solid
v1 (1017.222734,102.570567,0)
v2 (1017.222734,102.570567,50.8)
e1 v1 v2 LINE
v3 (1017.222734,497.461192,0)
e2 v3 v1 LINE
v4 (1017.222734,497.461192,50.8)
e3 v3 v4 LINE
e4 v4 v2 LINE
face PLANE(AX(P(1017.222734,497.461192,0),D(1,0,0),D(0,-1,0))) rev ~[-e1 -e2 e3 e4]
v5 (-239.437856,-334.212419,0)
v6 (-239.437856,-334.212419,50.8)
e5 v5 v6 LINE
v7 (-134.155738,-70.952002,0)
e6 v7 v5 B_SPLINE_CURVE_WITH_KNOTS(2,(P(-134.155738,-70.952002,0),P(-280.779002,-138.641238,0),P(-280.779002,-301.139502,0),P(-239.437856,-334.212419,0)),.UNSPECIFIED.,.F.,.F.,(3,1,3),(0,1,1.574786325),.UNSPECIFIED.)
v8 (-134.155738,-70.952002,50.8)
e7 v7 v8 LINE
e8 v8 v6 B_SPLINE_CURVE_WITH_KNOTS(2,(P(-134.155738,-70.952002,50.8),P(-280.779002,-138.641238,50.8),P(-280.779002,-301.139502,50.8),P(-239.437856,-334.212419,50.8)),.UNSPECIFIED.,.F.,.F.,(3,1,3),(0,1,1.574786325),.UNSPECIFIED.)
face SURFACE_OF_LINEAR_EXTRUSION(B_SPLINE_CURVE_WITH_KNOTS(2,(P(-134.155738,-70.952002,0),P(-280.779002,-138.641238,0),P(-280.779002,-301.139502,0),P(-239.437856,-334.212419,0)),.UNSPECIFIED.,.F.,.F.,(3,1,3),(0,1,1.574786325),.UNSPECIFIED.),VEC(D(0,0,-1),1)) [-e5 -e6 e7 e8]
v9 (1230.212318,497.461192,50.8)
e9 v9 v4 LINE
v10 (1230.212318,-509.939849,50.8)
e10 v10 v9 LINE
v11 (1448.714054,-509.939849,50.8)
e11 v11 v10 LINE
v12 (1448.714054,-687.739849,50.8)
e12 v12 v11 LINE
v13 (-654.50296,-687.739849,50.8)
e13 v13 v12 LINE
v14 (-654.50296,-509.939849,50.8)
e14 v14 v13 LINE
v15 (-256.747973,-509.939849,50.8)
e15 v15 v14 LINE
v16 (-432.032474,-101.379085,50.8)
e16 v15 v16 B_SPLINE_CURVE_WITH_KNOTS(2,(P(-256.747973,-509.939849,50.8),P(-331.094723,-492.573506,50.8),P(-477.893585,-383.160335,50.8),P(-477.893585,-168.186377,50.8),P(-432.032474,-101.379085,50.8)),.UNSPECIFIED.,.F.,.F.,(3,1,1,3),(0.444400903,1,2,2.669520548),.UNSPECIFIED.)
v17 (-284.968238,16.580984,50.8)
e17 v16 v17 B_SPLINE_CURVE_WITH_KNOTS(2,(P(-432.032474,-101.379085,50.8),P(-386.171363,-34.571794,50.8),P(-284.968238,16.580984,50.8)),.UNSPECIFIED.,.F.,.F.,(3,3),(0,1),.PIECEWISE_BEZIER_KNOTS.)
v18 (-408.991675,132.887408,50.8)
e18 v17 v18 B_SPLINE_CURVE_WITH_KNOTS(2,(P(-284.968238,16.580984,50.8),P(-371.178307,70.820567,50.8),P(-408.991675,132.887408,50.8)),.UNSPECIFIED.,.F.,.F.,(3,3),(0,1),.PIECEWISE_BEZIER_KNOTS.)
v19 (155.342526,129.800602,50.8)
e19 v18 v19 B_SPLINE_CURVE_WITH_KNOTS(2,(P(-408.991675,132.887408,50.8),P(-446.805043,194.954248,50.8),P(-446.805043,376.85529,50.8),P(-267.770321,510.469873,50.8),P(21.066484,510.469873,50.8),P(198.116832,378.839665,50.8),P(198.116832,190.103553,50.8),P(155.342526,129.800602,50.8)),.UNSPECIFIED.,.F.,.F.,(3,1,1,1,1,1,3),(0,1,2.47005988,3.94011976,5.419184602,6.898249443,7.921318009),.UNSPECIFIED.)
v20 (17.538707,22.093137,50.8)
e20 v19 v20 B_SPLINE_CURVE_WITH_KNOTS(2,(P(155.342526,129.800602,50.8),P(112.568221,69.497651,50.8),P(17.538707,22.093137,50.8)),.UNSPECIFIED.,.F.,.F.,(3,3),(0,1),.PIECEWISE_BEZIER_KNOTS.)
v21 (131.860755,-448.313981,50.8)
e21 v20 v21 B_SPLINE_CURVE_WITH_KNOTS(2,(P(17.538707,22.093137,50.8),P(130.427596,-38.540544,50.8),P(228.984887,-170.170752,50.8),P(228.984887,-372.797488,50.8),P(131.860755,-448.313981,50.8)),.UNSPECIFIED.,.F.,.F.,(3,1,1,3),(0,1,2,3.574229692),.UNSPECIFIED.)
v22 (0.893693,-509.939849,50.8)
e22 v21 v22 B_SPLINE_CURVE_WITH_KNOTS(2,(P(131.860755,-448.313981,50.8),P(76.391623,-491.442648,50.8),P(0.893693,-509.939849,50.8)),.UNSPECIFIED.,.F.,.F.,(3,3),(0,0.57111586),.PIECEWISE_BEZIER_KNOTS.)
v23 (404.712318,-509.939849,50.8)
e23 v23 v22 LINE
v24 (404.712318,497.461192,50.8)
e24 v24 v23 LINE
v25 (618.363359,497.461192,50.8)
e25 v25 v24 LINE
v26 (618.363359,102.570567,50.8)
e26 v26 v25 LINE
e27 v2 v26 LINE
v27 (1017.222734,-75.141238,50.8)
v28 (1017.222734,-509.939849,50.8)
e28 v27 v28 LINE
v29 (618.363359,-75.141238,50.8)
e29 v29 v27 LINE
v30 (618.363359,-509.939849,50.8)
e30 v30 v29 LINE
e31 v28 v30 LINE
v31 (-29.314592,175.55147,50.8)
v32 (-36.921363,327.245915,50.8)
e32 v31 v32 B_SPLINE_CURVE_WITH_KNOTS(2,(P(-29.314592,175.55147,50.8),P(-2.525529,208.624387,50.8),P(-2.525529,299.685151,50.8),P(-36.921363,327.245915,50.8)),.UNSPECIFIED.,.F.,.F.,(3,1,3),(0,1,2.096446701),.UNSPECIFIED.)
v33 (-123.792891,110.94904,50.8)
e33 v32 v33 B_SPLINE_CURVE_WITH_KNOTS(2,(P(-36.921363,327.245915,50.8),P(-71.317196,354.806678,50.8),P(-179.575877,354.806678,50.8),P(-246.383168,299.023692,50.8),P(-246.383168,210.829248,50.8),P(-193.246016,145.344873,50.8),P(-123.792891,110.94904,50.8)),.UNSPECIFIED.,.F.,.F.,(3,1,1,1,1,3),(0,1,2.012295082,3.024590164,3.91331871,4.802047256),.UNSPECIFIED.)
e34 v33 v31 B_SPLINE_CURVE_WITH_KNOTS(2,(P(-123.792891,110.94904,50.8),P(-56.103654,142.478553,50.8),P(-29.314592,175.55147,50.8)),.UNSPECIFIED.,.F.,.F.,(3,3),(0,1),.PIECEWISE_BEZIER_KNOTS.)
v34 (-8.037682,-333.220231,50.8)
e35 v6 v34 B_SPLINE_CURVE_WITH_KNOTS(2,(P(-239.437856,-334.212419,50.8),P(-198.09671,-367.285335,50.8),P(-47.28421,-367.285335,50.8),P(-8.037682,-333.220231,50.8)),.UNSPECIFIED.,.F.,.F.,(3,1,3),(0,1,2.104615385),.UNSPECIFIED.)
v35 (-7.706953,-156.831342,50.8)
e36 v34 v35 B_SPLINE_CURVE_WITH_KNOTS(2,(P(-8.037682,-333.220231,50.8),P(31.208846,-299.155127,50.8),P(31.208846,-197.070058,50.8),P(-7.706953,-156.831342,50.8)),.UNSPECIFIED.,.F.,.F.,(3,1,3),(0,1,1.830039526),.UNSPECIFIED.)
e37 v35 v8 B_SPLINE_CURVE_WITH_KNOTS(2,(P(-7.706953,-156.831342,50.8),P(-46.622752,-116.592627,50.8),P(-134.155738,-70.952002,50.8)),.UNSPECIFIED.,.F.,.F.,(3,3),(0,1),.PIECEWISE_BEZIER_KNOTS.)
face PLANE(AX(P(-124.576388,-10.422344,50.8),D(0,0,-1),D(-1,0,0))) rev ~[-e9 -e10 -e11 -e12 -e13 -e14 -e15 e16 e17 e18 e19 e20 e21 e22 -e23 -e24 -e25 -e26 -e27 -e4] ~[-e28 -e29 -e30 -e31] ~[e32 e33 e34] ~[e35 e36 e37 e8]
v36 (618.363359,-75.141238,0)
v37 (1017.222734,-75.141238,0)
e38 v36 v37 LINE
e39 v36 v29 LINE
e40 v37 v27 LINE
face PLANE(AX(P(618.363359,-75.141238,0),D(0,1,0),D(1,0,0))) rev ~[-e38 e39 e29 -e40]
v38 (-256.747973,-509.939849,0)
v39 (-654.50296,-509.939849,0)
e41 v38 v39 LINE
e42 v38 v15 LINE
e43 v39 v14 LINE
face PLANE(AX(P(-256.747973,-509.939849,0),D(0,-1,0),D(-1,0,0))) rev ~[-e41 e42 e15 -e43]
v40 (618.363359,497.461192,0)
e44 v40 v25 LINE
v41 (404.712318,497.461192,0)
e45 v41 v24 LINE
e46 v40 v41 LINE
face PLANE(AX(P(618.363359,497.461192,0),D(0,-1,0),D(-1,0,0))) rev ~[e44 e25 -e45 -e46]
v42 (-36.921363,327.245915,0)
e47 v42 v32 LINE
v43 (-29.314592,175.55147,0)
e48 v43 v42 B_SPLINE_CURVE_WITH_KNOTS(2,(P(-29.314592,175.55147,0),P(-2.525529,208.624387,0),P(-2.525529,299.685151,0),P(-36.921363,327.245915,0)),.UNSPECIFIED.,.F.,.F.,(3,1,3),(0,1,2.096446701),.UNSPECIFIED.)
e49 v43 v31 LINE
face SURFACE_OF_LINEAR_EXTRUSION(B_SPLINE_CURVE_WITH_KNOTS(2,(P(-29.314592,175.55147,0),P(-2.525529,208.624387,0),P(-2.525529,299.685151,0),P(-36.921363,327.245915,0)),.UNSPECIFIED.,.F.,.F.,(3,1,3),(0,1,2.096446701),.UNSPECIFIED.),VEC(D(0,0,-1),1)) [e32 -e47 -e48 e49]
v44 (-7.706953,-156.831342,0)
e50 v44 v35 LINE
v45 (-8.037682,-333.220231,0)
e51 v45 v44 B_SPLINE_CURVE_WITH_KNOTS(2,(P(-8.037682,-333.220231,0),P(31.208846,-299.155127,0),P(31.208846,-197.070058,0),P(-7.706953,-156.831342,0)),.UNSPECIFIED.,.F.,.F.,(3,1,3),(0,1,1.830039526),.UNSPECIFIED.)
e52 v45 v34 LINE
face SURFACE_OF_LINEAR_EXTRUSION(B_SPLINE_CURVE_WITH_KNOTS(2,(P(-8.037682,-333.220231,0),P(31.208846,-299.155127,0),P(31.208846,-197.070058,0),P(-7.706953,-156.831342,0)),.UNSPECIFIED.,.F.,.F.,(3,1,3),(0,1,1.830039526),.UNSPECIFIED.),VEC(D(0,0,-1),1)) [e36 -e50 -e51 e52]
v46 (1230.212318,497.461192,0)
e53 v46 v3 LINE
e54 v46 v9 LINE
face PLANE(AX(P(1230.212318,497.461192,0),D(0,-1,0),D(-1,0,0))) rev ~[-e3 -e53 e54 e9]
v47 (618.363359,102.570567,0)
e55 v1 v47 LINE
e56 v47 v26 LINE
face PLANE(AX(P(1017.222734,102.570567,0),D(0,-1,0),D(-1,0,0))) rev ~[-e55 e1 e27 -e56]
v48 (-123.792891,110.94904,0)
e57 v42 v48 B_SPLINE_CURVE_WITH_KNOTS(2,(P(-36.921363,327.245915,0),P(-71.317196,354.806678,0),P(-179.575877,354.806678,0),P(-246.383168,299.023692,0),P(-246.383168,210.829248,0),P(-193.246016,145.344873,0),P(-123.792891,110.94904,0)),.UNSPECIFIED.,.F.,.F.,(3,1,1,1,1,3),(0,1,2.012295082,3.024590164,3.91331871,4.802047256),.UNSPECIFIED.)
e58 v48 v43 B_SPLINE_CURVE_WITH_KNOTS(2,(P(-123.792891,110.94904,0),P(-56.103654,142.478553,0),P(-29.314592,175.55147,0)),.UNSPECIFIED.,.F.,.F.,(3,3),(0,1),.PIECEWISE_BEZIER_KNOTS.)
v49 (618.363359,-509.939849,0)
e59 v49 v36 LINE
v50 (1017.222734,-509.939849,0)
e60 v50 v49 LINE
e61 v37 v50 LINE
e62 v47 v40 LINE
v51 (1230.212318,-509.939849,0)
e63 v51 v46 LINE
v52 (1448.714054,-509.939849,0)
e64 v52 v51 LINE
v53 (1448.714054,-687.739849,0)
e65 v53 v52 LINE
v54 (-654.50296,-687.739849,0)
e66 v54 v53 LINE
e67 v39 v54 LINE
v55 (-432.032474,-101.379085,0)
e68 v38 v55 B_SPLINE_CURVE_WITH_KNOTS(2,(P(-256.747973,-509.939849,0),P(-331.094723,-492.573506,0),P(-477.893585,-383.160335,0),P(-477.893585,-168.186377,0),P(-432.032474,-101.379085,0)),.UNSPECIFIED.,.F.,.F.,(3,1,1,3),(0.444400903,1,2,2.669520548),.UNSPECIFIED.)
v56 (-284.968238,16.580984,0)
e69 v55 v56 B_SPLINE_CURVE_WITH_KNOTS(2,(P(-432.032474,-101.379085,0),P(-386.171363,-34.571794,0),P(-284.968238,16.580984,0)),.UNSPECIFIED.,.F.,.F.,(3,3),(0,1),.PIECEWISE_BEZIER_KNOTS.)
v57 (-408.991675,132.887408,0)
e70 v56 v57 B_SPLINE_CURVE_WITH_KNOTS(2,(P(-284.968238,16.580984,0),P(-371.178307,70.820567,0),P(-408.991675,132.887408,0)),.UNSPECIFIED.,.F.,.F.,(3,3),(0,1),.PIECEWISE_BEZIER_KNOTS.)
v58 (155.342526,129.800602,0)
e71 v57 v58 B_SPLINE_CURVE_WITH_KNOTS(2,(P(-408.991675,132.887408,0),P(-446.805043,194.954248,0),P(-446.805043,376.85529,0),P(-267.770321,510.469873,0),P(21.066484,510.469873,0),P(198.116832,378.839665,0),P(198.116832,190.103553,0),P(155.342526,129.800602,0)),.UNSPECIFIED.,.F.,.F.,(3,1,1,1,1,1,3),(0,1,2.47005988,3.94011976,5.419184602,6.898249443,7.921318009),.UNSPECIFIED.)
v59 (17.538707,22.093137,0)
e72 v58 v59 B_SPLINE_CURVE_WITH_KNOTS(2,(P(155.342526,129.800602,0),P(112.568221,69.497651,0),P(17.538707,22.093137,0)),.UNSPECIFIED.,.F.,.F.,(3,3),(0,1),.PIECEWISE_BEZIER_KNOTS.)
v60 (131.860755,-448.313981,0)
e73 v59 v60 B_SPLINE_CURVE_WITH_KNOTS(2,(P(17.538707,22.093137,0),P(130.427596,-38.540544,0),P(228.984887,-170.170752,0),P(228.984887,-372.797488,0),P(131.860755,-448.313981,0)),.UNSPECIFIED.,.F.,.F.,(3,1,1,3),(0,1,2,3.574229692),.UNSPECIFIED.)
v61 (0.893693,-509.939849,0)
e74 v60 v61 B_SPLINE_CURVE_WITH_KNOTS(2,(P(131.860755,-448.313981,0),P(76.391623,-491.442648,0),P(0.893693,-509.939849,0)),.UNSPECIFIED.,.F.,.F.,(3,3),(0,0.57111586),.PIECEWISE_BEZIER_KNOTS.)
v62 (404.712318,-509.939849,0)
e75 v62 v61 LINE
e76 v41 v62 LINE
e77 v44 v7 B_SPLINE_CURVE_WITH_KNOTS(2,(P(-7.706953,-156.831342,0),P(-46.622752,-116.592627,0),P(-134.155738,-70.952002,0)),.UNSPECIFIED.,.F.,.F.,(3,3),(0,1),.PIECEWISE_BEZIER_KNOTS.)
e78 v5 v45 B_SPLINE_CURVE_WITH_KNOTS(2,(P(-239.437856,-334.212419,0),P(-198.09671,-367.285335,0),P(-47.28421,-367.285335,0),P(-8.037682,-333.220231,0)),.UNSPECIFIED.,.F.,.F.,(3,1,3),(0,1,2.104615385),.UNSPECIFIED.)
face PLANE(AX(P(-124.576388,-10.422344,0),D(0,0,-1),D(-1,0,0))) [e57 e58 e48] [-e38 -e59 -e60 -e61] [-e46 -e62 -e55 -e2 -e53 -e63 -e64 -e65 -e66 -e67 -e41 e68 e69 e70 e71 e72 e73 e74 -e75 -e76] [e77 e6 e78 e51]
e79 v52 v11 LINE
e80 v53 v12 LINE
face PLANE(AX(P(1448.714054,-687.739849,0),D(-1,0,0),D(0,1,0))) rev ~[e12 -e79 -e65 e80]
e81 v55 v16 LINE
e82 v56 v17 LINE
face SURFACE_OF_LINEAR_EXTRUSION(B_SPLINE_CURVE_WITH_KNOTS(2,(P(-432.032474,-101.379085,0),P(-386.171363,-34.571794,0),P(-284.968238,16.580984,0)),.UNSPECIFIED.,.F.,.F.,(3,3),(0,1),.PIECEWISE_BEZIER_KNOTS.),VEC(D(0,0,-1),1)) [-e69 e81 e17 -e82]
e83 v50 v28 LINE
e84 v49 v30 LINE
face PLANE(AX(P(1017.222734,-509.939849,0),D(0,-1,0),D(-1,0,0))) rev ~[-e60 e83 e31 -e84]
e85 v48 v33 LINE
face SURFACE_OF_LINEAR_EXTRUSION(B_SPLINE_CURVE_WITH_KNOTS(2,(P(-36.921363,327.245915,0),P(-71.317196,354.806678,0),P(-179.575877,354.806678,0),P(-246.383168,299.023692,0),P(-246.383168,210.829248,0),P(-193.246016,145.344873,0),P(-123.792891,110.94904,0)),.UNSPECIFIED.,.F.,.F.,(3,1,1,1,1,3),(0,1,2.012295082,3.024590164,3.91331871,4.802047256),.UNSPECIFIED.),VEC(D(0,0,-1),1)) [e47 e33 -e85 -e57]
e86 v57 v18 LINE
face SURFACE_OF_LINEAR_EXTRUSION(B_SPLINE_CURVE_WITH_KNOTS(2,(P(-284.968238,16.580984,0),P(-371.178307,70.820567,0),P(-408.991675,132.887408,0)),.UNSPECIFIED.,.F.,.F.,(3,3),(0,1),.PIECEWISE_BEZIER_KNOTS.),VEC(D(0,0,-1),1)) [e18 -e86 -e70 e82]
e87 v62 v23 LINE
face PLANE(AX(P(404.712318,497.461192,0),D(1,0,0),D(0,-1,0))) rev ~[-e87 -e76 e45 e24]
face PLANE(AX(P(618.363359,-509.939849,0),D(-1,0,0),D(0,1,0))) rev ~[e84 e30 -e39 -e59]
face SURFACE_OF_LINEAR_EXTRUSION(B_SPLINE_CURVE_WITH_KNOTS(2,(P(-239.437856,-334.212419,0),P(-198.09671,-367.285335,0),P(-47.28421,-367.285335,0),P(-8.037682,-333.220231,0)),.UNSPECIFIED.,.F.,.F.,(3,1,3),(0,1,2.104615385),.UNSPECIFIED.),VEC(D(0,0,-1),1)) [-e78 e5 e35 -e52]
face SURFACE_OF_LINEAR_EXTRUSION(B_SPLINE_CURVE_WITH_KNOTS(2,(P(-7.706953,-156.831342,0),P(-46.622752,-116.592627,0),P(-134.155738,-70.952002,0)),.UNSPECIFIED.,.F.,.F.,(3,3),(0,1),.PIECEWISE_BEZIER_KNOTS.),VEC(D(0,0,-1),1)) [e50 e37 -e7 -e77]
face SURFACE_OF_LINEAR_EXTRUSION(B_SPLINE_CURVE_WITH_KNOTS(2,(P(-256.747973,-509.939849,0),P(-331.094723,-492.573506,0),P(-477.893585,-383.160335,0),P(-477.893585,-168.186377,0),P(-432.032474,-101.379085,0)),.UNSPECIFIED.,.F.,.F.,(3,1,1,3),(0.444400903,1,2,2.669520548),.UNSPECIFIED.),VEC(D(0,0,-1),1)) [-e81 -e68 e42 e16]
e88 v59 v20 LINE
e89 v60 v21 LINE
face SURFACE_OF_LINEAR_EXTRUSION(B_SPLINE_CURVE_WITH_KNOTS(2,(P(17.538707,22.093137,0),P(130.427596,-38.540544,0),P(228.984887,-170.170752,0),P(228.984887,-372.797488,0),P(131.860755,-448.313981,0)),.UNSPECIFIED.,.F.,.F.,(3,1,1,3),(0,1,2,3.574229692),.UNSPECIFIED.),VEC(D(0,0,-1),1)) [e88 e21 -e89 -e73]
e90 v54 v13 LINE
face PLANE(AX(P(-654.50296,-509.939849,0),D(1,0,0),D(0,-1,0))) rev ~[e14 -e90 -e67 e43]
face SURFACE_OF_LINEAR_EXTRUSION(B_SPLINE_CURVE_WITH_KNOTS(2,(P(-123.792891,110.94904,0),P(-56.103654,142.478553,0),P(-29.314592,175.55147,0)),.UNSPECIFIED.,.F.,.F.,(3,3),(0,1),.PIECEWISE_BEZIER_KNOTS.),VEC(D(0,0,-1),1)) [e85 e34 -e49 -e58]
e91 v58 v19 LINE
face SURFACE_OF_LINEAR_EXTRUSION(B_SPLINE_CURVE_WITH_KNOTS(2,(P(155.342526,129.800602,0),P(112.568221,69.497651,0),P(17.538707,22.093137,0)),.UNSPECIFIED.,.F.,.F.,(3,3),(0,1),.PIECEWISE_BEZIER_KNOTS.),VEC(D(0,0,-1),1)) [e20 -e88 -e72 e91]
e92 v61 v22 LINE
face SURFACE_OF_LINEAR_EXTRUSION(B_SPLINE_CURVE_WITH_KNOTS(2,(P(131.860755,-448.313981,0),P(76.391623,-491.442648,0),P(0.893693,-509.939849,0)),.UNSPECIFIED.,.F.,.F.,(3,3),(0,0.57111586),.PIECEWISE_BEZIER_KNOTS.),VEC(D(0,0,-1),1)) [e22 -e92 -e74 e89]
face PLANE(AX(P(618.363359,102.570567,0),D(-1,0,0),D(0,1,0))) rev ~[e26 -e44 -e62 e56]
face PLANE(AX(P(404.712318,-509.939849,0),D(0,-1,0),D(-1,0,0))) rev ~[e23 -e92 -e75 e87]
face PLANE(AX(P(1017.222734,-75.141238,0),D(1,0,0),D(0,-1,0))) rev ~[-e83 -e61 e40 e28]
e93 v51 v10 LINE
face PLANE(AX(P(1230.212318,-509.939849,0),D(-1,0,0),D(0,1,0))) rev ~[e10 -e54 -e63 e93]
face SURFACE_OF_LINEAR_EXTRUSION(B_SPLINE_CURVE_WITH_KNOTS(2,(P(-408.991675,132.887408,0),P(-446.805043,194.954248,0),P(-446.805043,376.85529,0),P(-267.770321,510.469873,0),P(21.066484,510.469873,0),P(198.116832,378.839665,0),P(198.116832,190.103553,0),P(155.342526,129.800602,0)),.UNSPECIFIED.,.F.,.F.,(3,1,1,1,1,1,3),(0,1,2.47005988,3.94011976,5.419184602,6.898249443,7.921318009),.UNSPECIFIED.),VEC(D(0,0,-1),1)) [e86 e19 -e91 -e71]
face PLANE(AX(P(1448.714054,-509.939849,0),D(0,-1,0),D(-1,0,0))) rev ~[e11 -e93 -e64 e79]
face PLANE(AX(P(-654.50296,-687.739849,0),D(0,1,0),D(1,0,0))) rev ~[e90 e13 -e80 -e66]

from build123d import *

# Parameters (mm, degrees)
F1_DEPTH = 50.8


with BuildPart() as f1:
    # F0 (on Top) → F1 (new body)
    with BuildSketch(Plane.XY):
        with BuildLine():
            add(Edge.make_bspline(
                [(-256.7479731839, -509.9398493767), (-331.0947230301, -492.5735059696), (-383.5255294376, -453.4954049322)],
                knots=[0.4444009035, 0.4444009035, 0.4444009035, 1, 1, 1], degree=2))
            Line((-256.7479731839, -509.9398493767), (0.8936934563, -509.9398493767))
            add(Edge.make_bspline(
                [(131.8607552846, -448.3139813211), (76.3916231759, -491.4426481707), (0.8936934563, -509.9398493767)],
                knots=[0, 0, 0, 0.5711158597, 0.5711158597, 0.5711158597], degree=2))
            add(Edge.make_bspline(
                [(228.9848872291, -248.8842938211), (228.9848872291, -372.7974882656), (131.8607552846, -448.3139813211)],
                knots=[0, 0, 0, 1, 1, 1], degree=2))
            add(Edge.make_bspline(
                [(179.7062413957, -104.3556479878), (228.9848872291, -170.1707521545), (228.9848872291, -248.8842938211)],
                knots=[0, 0, 0, 1, 1, 1], degree=2))
            add(Edge.make_bspline(
                [(17.5387066735, 22.0931367344), (130.4275955624, -38.5405438211), (179.7062413957, -104.3556479878)],
                knots=[0, 0, 0, 1, 1, 1], degree=2))
            add(Edge.make_bspline(
                [(155.342526118, 129.8006020122), (112.5682205624, 69.4976506233), (17.5387066735, 22.0931367344)],
                knots=[0, 0, 0, 1, 1, 1], degree=2))
            add(Edge.make_bspline(
                [(198.1168316735, 267.27369229), (198.1168316735, 190.1035534011), (155.342526118, 129.8006020122)],
                knots=[0, 0, 0, 1, 1, 1], degree=2))
            add(Edge.make_bspline(
                [(109.5916580624, 444.6547686789), (198.1168316735, 378.8396645122), (198.1168316735, 267.27369229)],
                knots=[0, 0, 0, 1, 1, 1], degree=2))
            add(Edge.make_bspline(
                [(-123.7928905487, 510.4698728455), (21.0664844513, 510.4698728455), (109.5916580624, 444.6547686789)],
                knots=[0, 0, 0, 1, 1, 1], degree=2))
            add(Edge.make_bspline(
                [(-357.2876822154, 443.6625811789), (-267.7703211043, 510.4698728455), (-123.7928905487, 510.4698728455)],
                knots=[0, 0, 0, 1, 1, 1], degree=2))
            add(Edge.make_bspline(
                [(-446.8050433265, 268.5966089567), (-446.8050433265, 376.8552895122), (-357.2876822154, 443.6625811789)],
                knots=[0, 0, 0, 1, 1, 1], degree=2))
            add(Edge.make_bspline(
                [(-408.9916752709, 132.8874075678), (-446.8050433265, 194.9542478455), (-446.8050433265, 268.5966089567)],
                knots=[0, 0, 0, 1, 1, 1], degree=2))
            add(Edge.make_bspline(
                [(-284.9682377709, 16.5809839567), (-371.1783072154, 70.82056729), (-408.9916752709, 132.8874075678)],
                knots=[0, 0, 0, 1, 1, 1], degree=2))
            add(Edge.make_bspline(
                [(-432.032473882, -101.3790854878), (-386.1713627709, -34.5717938211), (-284.9682377709, 16.5809839567)],
                knots=[0, 0, 0, 1, 1, 1], degree=2))
            add(Edge.make_bspline(
                [(-477.8935849932, -254.3964465989), (-477.8935849932, -168.1863771545), (-432.032473882, -101.3790854878)],
                knots=[0, 0, 0, 1, 1, 1], degree=2))
            add(Edge.make_bspline(
                [(-383.5255294376, -453.4954049322), (-477.8935849932, -383.1603354878), (-477.8935849932, -254.3964465989)],
                knots=[0, 0, 0, 1, 1, 1], degree=2))
        make_face()
        with BuildLine():
            add(Edge.make_bspline(
                [(-280.7790016598, -241.8287382656), (-280.7790016598, -301.1395021545), (-239.4378558265, -334.2124188211)],
                knots=[0, 0, 0, 1, 1, 1], degree=2))
            add(Edge.make_bspline(
                [(-134.1557377709, -70.9520021545), (-280.7790016598, -138.6412382656), (-280.7790016598, -241.8287382656)],
                knots=[0, 0, 0, 1, 1, 1], degree=2))
            add(Edge.make_bspline(
                [(-7.7069530487, -156.8313424322), (-46.6227516598, -116.5926271545), (-134.1557377709, -70.9520021545)],
                knots=[0, 0, 0, 1, 1, 1], degree=2))
            add(Edge.make_bspline(
                [(31.2088455624, -243.3721410433), (31.2088455624, -197.07005771), (-7.7069530487, -156.8313424322)],
                knots=[0, 0, 0, 1, 1, 1], degree=2))
            add(Edge.make_bspline(
                [(-8.0376822154, -333.2202313211), (31.2088455624, -299.1551271545), (31.2088455624, -243.3721410433)],
                knots=[0, 0, 0, 1, 1, 1], degree=2))
            add(Edge.make_bspline(
                [(-126.438723882, -367.2853354878), (-47.2842099932, -367.2853354878), (-8.0376822154, -333.2202313211)],
                knots=[0, 0, 0, 1, 1, 1], degree=2))
            add(Edge.make_bspline(
                [(-239.4378558265, -334.2124188211), (-198.0967099932, -367.2853354878), (-126.438723882, -367.2853354878)],
                knots=[0, 0, 0, 1, 1, 1], degree=2))
        make_face(mode=Mode.SUBTRACT)
        with BuildLine():
            add(Edge.make_bspline(
                [(-125.1158072154, 354.8066784011), (-179.5758766598, 354.8066784011), (-212.9795224932, 326.9151853455)],
                knots=[0, 0, 0, 1, 1, 1], degree=2))
            add(Edge.make_bspline(
                [(-36.9213627709, 327.2459145122), (-71.3171961043, 354.8066784011), (-125.1158072154, 354.8066784011)],
                knots=[0, 0, 0, 1, 1, 1], degree=2))
            add(Edge.make_bspline(
                [(-2.5255294376, 252.0601506233), (-2.5255294376, 299.6851506233), (-36.9213627709, 327.2459145122)],
                knots=[0, 0, 0, 1, 1, 1], degree=2))
            add(Edge.make_bspline(
                [(-29.3145919376, 175.5514700678), (-2.5255294376, 208.6243867344), (-2.5255294376, 252.0601506233)],
                knots=[0, 0, 0, 1, 1, 1], degree=2))
            add(Edge.make_bspline(
                [(-123.7928905487, 110.9490395122), (-56.1036544376, 142.4785534011), (-29.3145919376, 175.5514700678)],
                knots=[0, 0, 0, 1, 1, 1], degree=2))
            add(Edge.make_bspline(
                [(-219.8145919376, 178.0870603455), (-193.2460155487, 145.3448728455), (-123.7928905487, 110.9490395122)],
                knots=[0, 0, 0, 1, 1, 1], degree=2))
            add(Edge.make_bspline(
                [(-246.3831683265, 252.0601506233), (-246.3831683265, 210.8292478455), (-219.8145919376, 178.0870603455)],
                knots=[0, 0, 0, 1, 1, 1], degree=2))
            add(Edge.make_bspline(
                [(-212.9795224932, 326.9151853455), (-246.3831683265, 299.02369229), (-246.3831683265, 252.0601506233)],
                knots=[0, 0, 0, 1, 1, 1], degree=2))
        make_face(mode=Mode.SUBTRACT)
        Polygon((1017.2227344513, -509.9398493767), (1230.2123177846, -509.9398493767), (1230.2123177846, 497.46119229), (1017.2227344513, 497.46119229), (1017.2227344513, 102.57056729), (618.3633594513, 102.57056729), (618.3633594513, 497.46119229), (404.7123177846, 497.46119229), (404.7123177846, -509.9398493767), (618.3633594513, -509.9398493767), (618.3633594513, -75.1412382656), (1017.2227344513, -75.1412382656), align=None)
        with BuildLine():
            Line((-654.5029599932, -509.9398493767), (-654.5029599932, -687.7398493767))
            Line((-654.5029599932, -687.7398493767), (1448.7140538957, -687.7398493767))
            Line((1448.7140538957, -687.7398493767), (1448.7140538957, -509.9398493767))
            Line((1448.7140538957, -509.9398493767), (1230.2123177846, -509.9398493767))
            Line((1230.2123177846, -509.9398493767), (1017.2227344513, -509.9398493767))
            Line((1017.2227344513, -509.9398493767), (618.3633594513, -509.9398493767))
            Line((618.3633594513, -509.9398493767), (404.7123177846, -509.9398493767))
            Line((404.7123177846, -509.9398493767), (0.8936934563, -509.9398493767))
            add(Edge.make_bspline(
                [(0.8936934563, -509.9398493767), (-55.8020962652, -523.8304743767), (-123.7928905487, -523.8304743767)],
                knots=[0.5711158597, 0.5711158597, 0.5711158597, 1, 1, 1], degree=2))
            add(Edge.make_bspline(
                [(-123.7928905487, -523.8304743767), (-197.2810607848, -523.8304743767), (-256.7479731839, -509.9398493767)],
                knots=[0, 0, 0, 0.4444009035, 0.4444009035, 0.4444009035], degree=2))
            Line((-256.7479731839, -509.9398493767), (-654.5029599932, -509.9398493767))
        make_face()
        with BuildLine():
            Line((0.8936934563, -509.9398493767), (-256.7479731839, -509.9398493767))
            add(Edge.make_bspline(
                [(-123.7928905487, -523.8304743767), (-197.2810607848, -523.8304743767), (-256.7479731839, -509.9398493767)],
                knots=[0, 0, 0, 0.4444009035, 0.4444009035, 0.4444009035], degree=2))
            add(Edge.make_bspline(
                [(0.8936934563, -509.9398493767), (-55.8020962652, -523.8304743767), (-123.7928905487, -523.8304743767)],
                knots=[0.5711158597, 0.5711158597, 0.5711158597, 1, 1, 1], degree=2))
        make_face()
    extrude(amount=F1_DEPTH)


solid = f1.part
